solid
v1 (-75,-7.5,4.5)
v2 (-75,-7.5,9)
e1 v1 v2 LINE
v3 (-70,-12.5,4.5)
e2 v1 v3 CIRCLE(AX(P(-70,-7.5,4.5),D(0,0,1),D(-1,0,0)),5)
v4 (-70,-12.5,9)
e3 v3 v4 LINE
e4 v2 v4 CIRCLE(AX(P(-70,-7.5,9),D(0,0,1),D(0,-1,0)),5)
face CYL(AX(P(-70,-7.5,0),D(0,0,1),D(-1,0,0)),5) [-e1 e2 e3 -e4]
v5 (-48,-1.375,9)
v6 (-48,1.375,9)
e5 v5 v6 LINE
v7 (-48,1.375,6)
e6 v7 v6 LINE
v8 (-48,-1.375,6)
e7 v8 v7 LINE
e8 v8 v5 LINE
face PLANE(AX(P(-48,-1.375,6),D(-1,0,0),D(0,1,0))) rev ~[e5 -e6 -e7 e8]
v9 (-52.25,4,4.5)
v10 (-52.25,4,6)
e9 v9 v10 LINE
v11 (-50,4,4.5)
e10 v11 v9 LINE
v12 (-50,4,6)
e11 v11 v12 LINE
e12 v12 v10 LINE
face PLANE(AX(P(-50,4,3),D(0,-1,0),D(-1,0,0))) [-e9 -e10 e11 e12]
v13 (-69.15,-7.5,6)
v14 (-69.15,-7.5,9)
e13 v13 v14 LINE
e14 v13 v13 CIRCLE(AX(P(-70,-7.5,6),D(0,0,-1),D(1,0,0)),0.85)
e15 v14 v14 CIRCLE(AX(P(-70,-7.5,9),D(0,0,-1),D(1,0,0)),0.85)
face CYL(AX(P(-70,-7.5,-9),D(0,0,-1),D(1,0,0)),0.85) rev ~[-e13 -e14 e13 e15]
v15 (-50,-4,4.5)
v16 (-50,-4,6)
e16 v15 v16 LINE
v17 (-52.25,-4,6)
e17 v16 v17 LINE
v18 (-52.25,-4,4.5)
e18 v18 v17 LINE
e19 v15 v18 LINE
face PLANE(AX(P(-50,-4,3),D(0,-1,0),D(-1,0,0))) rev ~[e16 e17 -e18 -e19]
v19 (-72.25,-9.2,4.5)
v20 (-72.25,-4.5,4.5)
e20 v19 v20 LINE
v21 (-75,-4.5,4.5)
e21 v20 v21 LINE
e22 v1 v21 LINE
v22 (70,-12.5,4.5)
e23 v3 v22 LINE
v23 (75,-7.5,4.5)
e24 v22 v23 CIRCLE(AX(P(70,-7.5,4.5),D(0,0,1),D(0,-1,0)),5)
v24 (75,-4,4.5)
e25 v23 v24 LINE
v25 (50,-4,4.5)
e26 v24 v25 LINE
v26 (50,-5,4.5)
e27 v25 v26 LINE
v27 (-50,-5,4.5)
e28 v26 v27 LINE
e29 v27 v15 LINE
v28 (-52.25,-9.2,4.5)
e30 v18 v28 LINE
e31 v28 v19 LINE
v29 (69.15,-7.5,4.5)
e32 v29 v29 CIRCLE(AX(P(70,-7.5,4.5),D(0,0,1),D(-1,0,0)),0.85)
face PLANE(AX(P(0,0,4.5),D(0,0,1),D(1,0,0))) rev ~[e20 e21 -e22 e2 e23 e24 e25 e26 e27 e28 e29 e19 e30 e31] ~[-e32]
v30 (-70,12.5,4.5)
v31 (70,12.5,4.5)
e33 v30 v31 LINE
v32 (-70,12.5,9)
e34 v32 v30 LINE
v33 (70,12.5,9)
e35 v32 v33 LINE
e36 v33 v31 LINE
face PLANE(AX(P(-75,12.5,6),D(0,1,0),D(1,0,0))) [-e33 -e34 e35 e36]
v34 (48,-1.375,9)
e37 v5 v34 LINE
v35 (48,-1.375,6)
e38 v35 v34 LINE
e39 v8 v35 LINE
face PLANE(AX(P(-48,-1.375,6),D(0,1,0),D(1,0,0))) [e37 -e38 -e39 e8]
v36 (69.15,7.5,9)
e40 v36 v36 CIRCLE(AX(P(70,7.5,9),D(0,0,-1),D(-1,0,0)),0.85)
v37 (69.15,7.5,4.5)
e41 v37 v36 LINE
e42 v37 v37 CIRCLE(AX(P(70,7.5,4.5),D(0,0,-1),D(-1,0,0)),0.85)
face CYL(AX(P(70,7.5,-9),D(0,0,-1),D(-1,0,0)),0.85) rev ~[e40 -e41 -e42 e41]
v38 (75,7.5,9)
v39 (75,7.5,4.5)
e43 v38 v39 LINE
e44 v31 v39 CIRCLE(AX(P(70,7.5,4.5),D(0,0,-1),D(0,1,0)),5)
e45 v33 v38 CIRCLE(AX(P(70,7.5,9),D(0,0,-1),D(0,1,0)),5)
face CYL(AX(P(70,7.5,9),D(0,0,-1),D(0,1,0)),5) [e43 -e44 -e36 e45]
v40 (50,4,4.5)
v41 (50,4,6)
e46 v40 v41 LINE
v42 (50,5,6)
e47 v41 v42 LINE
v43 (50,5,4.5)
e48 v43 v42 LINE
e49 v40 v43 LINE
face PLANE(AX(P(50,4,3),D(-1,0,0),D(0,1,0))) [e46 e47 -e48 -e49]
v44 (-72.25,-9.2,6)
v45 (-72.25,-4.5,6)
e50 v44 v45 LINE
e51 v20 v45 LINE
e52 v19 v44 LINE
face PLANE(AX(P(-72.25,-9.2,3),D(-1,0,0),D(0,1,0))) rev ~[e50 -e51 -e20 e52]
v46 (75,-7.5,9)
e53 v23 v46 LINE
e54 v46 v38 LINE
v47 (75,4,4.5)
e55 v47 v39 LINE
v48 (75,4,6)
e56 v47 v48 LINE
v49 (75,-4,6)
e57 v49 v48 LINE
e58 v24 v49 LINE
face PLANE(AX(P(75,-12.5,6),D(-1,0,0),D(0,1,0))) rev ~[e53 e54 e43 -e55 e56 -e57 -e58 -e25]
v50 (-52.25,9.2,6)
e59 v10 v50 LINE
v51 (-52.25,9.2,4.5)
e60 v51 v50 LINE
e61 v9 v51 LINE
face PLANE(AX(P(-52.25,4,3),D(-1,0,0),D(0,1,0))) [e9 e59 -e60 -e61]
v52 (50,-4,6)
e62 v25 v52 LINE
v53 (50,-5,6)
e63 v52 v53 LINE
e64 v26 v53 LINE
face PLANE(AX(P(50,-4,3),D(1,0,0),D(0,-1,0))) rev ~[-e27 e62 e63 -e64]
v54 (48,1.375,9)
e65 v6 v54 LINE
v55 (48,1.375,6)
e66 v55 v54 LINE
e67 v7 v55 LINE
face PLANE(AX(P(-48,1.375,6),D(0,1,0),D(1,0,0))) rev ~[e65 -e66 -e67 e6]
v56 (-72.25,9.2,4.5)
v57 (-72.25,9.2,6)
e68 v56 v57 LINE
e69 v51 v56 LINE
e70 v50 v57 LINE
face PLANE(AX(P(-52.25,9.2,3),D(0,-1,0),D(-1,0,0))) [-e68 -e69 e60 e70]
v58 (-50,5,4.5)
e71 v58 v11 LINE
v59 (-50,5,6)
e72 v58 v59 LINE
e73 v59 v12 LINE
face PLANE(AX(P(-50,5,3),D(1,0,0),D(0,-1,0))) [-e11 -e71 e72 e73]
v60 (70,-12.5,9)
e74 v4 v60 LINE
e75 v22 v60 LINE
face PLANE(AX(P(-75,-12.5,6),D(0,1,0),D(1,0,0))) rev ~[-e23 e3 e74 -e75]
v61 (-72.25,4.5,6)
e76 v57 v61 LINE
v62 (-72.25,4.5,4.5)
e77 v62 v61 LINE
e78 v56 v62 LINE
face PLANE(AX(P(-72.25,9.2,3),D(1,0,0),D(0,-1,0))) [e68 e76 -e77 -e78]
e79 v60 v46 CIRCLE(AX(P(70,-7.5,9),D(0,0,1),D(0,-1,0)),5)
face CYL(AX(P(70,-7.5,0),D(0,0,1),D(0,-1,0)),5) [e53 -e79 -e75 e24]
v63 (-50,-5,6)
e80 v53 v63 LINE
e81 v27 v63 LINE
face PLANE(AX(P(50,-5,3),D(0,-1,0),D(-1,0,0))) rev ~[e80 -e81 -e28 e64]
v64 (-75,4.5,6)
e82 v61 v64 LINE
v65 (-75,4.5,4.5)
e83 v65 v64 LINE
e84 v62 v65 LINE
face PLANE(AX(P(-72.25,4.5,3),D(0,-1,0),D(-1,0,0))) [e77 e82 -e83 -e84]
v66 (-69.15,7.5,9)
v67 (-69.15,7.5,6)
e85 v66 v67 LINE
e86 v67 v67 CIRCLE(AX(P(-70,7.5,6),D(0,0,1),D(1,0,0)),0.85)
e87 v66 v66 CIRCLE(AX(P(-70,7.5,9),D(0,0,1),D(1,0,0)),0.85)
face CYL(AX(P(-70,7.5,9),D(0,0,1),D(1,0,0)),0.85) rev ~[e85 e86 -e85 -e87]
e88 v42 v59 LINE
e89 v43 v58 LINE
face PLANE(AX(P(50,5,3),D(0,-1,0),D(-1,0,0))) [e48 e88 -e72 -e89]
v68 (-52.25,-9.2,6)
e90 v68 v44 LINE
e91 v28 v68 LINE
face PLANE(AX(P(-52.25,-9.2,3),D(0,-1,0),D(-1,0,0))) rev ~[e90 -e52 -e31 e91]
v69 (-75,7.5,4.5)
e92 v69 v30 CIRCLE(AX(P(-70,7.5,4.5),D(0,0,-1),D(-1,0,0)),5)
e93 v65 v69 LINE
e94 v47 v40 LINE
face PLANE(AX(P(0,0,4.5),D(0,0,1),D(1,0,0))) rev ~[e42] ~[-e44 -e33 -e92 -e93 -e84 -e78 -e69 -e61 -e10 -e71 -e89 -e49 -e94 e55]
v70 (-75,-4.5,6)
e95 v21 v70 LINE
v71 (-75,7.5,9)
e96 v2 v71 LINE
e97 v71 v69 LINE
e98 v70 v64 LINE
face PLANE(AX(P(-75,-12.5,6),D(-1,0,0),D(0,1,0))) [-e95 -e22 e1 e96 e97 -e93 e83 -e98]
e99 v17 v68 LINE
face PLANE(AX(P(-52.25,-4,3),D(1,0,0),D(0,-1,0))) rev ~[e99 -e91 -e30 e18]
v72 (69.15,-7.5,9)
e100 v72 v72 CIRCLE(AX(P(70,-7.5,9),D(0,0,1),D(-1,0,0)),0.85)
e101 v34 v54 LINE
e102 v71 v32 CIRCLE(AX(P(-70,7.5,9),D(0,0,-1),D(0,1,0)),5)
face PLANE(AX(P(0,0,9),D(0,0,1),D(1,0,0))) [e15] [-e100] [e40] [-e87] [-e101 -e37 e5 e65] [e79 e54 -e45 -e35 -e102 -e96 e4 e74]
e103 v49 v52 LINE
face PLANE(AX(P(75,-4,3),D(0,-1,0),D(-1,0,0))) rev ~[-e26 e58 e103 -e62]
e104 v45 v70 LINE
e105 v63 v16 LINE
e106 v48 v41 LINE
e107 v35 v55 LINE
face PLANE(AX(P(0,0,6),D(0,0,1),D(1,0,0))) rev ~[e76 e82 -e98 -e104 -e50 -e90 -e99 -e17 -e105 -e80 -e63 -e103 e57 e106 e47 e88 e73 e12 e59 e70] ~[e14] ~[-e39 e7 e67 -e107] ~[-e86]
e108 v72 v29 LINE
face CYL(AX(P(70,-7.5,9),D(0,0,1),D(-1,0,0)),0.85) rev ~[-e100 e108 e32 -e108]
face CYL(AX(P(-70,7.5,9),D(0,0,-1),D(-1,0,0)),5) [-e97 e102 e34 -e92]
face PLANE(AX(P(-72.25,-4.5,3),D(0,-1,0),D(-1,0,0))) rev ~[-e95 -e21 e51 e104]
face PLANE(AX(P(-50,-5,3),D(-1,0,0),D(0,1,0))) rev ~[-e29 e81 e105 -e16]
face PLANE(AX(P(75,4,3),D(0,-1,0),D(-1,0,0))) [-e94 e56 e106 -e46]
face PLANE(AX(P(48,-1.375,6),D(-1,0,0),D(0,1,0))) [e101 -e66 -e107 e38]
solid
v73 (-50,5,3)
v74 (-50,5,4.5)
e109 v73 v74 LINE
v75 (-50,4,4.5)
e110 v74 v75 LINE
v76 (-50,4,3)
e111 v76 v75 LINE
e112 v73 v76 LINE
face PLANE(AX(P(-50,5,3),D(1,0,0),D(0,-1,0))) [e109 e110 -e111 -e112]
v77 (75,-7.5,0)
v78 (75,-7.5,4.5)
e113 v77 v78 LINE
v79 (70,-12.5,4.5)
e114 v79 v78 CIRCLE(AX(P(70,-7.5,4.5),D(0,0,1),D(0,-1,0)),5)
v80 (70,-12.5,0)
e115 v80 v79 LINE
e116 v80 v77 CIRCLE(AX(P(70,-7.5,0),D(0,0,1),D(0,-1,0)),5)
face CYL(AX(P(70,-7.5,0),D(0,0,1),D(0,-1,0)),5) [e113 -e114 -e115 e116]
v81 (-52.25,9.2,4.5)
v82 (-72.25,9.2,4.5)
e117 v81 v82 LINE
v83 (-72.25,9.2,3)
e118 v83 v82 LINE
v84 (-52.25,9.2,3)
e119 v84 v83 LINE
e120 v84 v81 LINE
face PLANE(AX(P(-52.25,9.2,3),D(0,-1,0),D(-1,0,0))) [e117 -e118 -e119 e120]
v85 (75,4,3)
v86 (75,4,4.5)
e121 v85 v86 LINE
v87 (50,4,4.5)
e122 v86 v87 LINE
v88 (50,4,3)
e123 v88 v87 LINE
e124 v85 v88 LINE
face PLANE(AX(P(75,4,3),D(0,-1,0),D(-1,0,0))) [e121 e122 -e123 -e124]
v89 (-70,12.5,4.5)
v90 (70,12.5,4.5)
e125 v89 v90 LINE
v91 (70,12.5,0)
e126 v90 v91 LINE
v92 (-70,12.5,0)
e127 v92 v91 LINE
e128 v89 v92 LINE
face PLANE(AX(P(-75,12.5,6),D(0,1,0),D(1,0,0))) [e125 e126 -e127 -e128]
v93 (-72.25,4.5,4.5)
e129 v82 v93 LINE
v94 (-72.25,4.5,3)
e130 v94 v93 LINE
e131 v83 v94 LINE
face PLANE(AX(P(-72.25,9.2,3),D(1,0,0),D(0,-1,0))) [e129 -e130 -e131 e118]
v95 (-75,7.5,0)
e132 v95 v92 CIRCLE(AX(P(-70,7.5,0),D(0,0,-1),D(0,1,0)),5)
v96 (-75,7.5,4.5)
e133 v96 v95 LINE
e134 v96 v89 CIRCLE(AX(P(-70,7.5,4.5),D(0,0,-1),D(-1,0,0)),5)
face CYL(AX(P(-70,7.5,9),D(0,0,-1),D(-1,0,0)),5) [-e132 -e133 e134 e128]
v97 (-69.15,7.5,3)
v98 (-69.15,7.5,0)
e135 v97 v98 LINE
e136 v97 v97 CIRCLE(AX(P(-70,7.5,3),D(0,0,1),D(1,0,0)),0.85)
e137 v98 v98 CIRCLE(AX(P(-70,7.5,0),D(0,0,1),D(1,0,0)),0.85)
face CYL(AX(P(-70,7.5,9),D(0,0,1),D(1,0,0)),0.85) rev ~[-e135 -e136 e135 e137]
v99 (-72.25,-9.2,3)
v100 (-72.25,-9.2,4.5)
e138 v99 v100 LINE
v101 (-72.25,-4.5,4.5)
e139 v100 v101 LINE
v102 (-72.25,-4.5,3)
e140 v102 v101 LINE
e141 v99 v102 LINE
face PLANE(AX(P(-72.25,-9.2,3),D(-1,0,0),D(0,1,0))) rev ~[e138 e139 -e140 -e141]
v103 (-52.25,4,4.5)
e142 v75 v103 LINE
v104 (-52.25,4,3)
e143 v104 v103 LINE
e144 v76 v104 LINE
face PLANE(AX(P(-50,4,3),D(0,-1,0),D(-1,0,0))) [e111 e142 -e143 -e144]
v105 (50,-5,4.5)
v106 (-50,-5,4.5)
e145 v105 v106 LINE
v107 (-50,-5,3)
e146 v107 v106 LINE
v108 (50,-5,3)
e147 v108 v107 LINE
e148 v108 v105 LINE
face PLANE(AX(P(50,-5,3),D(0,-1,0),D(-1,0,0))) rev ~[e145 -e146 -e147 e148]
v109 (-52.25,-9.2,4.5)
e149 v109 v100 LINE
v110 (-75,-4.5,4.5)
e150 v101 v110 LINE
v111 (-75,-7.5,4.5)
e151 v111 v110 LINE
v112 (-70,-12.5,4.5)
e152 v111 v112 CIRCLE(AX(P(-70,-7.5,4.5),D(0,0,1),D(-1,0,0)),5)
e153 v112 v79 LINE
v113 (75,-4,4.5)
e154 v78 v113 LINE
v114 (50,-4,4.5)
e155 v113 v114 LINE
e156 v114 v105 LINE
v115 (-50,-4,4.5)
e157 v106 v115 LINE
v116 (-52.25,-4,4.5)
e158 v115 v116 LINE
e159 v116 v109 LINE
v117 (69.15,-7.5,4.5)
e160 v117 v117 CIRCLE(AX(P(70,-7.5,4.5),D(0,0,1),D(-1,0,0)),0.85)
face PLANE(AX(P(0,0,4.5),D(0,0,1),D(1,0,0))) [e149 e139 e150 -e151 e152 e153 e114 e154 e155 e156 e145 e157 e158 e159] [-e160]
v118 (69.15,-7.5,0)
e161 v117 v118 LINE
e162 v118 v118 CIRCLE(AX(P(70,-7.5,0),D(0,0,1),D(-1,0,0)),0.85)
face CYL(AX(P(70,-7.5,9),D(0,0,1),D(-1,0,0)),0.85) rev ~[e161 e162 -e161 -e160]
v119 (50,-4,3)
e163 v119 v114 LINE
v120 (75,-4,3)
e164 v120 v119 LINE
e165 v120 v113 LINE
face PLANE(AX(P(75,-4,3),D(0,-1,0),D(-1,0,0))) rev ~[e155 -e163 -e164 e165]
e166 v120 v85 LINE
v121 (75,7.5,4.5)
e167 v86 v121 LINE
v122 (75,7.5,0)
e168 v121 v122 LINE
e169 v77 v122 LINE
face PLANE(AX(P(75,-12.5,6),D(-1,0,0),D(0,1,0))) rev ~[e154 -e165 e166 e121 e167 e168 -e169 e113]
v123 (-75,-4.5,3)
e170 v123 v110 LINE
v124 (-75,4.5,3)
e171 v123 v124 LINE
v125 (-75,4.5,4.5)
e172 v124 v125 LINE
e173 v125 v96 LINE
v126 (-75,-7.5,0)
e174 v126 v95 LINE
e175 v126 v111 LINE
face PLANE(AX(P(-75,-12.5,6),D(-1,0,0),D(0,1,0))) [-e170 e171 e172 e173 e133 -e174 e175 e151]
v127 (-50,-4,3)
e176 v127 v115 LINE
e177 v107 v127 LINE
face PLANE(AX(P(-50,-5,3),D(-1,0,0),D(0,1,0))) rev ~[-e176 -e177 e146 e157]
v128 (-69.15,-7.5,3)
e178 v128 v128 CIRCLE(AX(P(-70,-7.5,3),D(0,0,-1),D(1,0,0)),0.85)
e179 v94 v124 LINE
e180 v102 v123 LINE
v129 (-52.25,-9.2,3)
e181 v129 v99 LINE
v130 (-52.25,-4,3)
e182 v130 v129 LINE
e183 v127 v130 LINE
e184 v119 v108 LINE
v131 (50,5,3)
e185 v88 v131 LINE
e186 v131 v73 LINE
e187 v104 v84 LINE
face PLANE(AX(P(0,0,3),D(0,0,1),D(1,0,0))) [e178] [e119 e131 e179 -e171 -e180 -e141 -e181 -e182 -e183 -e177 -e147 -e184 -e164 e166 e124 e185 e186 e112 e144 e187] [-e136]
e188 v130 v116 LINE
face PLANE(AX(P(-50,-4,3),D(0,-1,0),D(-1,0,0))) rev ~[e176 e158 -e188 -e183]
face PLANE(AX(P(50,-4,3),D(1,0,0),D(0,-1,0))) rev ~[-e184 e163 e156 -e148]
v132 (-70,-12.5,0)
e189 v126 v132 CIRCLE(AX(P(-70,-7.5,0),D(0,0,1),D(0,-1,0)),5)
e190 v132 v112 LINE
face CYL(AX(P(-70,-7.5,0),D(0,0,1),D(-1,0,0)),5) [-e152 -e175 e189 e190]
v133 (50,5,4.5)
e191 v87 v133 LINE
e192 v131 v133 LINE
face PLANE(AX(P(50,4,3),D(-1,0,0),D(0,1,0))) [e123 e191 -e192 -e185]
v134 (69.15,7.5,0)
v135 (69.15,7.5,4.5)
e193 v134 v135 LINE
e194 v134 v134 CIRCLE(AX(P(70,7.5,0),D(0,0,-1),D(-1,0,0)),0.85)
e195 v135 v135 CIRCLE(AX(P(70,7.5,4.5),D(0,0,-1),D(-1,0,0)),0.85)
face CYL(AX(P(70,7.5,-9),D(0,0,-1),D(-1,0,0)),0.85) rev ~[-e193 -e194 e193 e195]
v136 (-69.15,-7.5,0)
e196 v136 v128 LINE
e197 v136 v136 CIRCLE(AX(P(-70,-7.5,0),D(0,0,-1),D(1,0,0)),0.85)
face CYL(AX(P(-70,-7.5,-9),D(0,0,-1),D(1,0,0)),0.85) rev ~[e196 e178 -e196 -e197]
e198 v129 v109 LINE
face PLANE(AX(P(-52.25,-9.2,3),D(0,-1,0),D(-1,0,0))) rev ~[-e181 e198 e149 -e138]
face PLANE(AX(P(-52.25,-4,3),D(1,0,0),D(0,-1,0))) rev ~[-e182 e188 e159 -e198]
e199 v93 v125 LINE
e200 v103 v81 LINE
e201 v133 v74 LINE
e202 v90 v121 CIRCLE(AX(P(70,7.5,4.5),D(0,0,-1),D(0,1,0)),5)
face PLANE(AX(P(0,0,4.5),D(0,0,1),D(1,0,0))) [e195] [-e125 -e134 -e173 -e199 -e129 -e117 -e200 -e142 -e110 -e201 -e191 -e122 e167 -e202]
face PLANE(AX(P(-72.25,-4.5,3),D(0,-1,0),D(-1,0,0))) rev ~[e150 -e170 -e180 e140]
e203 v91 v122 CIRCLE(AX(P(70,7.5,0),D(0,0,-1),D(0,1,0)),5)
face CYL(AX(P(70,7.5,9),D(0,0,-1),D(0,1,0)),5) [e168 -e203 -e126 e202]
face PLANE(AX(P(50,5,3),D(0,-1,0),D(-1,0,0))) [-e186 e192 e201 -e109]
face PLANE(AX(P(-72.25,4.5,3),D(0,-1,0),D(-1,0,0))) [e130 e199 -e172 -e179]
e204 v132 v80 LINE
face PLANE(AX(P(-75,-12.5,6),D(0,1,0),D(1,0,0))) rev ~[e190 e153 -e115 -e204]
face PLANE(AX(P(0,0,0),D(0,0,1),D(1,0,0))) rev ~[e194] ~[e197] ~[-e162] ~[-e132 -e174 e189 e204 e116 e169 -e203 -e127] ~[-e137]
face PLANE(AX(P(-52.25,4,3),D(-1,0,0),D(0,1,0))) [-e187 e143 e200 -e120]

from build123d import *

# Parameters (mm, degrees)
BOX_BOTTOM_HALF_0_W     = 152
BOX_BOTTOM_HALF_0_H     = 27
BOX_BOTTOM_HALF_0_DEPTH = 5.5
SKETCH_W                = 150
SKETCH_H                = 25
PAD_DEPTH               = 3
PAD001_DEPTH            = 3
SKETCH004_W             = 150
SKETCH004_H             = 25
SKETCH004_W_2           = 96
SKETCH004_H_2           = 2.75
PAD002_DEPTH            = 3
SKETCH005_R             = 0.85
POCKET_DEPTH            = 313.671314
POLARPATTERN_COUNT      = 2
POLARPATTERN001_COUNT   = 2
POLARPATTERN002_COUNT   = 2
FILLET_R                = 5


with BuildPart() as box_bottom_half_0_body:
    # box_bottom_half_0 → box_bottom_half_0 (new body)
    with BuildSketch(Plane(origin=(-76, -13.5, -1), x_dir=(1, 0, 0), z_dir=(0, 0, 1))):
        with Locations((76, 13.5)):
            Rectangle(BOX_BOTTOM_HALF_0_W, BOX_BOTTOM_HALF_0_H)
    extrude(amount=BOX_BOTTOM_HALF_0_DEPTH)


with BuildPart() as body:
    # Sketch → Pad (new body)
    with BuildSketch(Plane.XY):
        Rectangle(SKETCH_W, SKETCH_H)
    extrude(amount=PAD_DEPTH)

    # Sketch001 (on Face6 of Pad) → Pad001 (join)
    with BuildSketch(Plane.XY.offset(3)):
        Polygon((-75, 12.5), (75, 12.5), (75, 4), (50, 4), (50, 5), (-50, 5), (-50, 4), (-52.25, 4), (-52.25, 9.2), (-72.25, 9.2), (-72.25, 4.5), (-75, 4.5), align=None)
        Polygon((-75, -12.5), (75, -12.5), (75, -4), (50, -4), (50, -5), (-50, -5), (-50, -4), (-52.25, -4), (-52.25, -9.2), (-72.25, -9.2), (-72.25, -4.5), (-75, -4.5), align=None)
    extrude(amount=PAD001_DEPTH)

    # Sketch004 (on Face12 of Pad001) → Pad002 (join)
    with BuildSketch(Plane.XY.offset(6)):
        Rectangle(SKETCH004_W, SKETCH004_H)
        Rectangle(SKETCH004_W_2, SKETCH004_H_2, mode=Mode.SUBTRACT)
    extrude(amount=PAD002_DEPTH)

    # Sketch005 (on Face34 of Pad002) → Pocket (cut, through all)
    with BuildSketch(Plane.XY.offset(9)):
        with Locations((-70, 7.5)):
            Circle(SKETCH005_R)
    pocket = extrude(amount=-POCKET_DEPTH, mode=Mode.SUBTRACT)

    # PolarPattern: Pocket ×2 about axis
    polarpattern_axis = Axis((0, 0, 9), (0, 0, 1))
    for i in range(1, POLARPATTERN_COUNT):
        add(pocket.rotate(polarpattern_axis, i * 360 / POLARPATTERN_COUNT), mode=Mode.SUBTRACT)

    # PolarPattern001: Pocket ×2 about axis
    polarpattern001_axis = Axis((0, 0, 0), (0, 1, 0))
    for i in range(1, POLARPATTERN001_COUNT):
        add(pocket.rotate(polarpattern001_axis, i * 360 / POLARPATTERN001_COUNT), mode=Mode.SUBTRACT)

    # PolarPattern002: Pocket ×2 about axis
    polarpattern002_axis = Axis((0, 0, 0), (1, 0, 0))
    for i in range(1, POLARPATTERN002_COUNT):
        add(pocket.rotate(polarpattern002_axis, i * 360 / POLARPATTERN002_COUNT), mode=Mode.SUBTRACT)

    # Fillet
    fillet_edges = [body.edges().sort_by_distance(p)[0] for p in [
        (75, -12.5, 7.5),
        (75, 12.5, 7.5),
        (-75, -12.5, 7.5),
        (-75, 12.5, 7.5),
    ]]
    fillet(fillet_edges, radius=FILLET_R)


with BuildPart() as bottom_half_0_body:
    # bottom_half_0 base: copy of Body
    add(body.part)

    # bottom_half_0: intersect box_bottom_half_0 body
    add(box_bottom_half_0_body.part, mode=Mode.INTERSECT)


with BuildPart() as top_half_0_body:
    # top_half_0 base: copy of Body
    add(body.part)

    # top_half_0: cut box_bottom_half_0 body
    add(box_bottom_half_0_body.part, mode=Mode.SUBTRACT)


solid = Compound([bottom_half_0_body.part, top_half_0_body.part])
